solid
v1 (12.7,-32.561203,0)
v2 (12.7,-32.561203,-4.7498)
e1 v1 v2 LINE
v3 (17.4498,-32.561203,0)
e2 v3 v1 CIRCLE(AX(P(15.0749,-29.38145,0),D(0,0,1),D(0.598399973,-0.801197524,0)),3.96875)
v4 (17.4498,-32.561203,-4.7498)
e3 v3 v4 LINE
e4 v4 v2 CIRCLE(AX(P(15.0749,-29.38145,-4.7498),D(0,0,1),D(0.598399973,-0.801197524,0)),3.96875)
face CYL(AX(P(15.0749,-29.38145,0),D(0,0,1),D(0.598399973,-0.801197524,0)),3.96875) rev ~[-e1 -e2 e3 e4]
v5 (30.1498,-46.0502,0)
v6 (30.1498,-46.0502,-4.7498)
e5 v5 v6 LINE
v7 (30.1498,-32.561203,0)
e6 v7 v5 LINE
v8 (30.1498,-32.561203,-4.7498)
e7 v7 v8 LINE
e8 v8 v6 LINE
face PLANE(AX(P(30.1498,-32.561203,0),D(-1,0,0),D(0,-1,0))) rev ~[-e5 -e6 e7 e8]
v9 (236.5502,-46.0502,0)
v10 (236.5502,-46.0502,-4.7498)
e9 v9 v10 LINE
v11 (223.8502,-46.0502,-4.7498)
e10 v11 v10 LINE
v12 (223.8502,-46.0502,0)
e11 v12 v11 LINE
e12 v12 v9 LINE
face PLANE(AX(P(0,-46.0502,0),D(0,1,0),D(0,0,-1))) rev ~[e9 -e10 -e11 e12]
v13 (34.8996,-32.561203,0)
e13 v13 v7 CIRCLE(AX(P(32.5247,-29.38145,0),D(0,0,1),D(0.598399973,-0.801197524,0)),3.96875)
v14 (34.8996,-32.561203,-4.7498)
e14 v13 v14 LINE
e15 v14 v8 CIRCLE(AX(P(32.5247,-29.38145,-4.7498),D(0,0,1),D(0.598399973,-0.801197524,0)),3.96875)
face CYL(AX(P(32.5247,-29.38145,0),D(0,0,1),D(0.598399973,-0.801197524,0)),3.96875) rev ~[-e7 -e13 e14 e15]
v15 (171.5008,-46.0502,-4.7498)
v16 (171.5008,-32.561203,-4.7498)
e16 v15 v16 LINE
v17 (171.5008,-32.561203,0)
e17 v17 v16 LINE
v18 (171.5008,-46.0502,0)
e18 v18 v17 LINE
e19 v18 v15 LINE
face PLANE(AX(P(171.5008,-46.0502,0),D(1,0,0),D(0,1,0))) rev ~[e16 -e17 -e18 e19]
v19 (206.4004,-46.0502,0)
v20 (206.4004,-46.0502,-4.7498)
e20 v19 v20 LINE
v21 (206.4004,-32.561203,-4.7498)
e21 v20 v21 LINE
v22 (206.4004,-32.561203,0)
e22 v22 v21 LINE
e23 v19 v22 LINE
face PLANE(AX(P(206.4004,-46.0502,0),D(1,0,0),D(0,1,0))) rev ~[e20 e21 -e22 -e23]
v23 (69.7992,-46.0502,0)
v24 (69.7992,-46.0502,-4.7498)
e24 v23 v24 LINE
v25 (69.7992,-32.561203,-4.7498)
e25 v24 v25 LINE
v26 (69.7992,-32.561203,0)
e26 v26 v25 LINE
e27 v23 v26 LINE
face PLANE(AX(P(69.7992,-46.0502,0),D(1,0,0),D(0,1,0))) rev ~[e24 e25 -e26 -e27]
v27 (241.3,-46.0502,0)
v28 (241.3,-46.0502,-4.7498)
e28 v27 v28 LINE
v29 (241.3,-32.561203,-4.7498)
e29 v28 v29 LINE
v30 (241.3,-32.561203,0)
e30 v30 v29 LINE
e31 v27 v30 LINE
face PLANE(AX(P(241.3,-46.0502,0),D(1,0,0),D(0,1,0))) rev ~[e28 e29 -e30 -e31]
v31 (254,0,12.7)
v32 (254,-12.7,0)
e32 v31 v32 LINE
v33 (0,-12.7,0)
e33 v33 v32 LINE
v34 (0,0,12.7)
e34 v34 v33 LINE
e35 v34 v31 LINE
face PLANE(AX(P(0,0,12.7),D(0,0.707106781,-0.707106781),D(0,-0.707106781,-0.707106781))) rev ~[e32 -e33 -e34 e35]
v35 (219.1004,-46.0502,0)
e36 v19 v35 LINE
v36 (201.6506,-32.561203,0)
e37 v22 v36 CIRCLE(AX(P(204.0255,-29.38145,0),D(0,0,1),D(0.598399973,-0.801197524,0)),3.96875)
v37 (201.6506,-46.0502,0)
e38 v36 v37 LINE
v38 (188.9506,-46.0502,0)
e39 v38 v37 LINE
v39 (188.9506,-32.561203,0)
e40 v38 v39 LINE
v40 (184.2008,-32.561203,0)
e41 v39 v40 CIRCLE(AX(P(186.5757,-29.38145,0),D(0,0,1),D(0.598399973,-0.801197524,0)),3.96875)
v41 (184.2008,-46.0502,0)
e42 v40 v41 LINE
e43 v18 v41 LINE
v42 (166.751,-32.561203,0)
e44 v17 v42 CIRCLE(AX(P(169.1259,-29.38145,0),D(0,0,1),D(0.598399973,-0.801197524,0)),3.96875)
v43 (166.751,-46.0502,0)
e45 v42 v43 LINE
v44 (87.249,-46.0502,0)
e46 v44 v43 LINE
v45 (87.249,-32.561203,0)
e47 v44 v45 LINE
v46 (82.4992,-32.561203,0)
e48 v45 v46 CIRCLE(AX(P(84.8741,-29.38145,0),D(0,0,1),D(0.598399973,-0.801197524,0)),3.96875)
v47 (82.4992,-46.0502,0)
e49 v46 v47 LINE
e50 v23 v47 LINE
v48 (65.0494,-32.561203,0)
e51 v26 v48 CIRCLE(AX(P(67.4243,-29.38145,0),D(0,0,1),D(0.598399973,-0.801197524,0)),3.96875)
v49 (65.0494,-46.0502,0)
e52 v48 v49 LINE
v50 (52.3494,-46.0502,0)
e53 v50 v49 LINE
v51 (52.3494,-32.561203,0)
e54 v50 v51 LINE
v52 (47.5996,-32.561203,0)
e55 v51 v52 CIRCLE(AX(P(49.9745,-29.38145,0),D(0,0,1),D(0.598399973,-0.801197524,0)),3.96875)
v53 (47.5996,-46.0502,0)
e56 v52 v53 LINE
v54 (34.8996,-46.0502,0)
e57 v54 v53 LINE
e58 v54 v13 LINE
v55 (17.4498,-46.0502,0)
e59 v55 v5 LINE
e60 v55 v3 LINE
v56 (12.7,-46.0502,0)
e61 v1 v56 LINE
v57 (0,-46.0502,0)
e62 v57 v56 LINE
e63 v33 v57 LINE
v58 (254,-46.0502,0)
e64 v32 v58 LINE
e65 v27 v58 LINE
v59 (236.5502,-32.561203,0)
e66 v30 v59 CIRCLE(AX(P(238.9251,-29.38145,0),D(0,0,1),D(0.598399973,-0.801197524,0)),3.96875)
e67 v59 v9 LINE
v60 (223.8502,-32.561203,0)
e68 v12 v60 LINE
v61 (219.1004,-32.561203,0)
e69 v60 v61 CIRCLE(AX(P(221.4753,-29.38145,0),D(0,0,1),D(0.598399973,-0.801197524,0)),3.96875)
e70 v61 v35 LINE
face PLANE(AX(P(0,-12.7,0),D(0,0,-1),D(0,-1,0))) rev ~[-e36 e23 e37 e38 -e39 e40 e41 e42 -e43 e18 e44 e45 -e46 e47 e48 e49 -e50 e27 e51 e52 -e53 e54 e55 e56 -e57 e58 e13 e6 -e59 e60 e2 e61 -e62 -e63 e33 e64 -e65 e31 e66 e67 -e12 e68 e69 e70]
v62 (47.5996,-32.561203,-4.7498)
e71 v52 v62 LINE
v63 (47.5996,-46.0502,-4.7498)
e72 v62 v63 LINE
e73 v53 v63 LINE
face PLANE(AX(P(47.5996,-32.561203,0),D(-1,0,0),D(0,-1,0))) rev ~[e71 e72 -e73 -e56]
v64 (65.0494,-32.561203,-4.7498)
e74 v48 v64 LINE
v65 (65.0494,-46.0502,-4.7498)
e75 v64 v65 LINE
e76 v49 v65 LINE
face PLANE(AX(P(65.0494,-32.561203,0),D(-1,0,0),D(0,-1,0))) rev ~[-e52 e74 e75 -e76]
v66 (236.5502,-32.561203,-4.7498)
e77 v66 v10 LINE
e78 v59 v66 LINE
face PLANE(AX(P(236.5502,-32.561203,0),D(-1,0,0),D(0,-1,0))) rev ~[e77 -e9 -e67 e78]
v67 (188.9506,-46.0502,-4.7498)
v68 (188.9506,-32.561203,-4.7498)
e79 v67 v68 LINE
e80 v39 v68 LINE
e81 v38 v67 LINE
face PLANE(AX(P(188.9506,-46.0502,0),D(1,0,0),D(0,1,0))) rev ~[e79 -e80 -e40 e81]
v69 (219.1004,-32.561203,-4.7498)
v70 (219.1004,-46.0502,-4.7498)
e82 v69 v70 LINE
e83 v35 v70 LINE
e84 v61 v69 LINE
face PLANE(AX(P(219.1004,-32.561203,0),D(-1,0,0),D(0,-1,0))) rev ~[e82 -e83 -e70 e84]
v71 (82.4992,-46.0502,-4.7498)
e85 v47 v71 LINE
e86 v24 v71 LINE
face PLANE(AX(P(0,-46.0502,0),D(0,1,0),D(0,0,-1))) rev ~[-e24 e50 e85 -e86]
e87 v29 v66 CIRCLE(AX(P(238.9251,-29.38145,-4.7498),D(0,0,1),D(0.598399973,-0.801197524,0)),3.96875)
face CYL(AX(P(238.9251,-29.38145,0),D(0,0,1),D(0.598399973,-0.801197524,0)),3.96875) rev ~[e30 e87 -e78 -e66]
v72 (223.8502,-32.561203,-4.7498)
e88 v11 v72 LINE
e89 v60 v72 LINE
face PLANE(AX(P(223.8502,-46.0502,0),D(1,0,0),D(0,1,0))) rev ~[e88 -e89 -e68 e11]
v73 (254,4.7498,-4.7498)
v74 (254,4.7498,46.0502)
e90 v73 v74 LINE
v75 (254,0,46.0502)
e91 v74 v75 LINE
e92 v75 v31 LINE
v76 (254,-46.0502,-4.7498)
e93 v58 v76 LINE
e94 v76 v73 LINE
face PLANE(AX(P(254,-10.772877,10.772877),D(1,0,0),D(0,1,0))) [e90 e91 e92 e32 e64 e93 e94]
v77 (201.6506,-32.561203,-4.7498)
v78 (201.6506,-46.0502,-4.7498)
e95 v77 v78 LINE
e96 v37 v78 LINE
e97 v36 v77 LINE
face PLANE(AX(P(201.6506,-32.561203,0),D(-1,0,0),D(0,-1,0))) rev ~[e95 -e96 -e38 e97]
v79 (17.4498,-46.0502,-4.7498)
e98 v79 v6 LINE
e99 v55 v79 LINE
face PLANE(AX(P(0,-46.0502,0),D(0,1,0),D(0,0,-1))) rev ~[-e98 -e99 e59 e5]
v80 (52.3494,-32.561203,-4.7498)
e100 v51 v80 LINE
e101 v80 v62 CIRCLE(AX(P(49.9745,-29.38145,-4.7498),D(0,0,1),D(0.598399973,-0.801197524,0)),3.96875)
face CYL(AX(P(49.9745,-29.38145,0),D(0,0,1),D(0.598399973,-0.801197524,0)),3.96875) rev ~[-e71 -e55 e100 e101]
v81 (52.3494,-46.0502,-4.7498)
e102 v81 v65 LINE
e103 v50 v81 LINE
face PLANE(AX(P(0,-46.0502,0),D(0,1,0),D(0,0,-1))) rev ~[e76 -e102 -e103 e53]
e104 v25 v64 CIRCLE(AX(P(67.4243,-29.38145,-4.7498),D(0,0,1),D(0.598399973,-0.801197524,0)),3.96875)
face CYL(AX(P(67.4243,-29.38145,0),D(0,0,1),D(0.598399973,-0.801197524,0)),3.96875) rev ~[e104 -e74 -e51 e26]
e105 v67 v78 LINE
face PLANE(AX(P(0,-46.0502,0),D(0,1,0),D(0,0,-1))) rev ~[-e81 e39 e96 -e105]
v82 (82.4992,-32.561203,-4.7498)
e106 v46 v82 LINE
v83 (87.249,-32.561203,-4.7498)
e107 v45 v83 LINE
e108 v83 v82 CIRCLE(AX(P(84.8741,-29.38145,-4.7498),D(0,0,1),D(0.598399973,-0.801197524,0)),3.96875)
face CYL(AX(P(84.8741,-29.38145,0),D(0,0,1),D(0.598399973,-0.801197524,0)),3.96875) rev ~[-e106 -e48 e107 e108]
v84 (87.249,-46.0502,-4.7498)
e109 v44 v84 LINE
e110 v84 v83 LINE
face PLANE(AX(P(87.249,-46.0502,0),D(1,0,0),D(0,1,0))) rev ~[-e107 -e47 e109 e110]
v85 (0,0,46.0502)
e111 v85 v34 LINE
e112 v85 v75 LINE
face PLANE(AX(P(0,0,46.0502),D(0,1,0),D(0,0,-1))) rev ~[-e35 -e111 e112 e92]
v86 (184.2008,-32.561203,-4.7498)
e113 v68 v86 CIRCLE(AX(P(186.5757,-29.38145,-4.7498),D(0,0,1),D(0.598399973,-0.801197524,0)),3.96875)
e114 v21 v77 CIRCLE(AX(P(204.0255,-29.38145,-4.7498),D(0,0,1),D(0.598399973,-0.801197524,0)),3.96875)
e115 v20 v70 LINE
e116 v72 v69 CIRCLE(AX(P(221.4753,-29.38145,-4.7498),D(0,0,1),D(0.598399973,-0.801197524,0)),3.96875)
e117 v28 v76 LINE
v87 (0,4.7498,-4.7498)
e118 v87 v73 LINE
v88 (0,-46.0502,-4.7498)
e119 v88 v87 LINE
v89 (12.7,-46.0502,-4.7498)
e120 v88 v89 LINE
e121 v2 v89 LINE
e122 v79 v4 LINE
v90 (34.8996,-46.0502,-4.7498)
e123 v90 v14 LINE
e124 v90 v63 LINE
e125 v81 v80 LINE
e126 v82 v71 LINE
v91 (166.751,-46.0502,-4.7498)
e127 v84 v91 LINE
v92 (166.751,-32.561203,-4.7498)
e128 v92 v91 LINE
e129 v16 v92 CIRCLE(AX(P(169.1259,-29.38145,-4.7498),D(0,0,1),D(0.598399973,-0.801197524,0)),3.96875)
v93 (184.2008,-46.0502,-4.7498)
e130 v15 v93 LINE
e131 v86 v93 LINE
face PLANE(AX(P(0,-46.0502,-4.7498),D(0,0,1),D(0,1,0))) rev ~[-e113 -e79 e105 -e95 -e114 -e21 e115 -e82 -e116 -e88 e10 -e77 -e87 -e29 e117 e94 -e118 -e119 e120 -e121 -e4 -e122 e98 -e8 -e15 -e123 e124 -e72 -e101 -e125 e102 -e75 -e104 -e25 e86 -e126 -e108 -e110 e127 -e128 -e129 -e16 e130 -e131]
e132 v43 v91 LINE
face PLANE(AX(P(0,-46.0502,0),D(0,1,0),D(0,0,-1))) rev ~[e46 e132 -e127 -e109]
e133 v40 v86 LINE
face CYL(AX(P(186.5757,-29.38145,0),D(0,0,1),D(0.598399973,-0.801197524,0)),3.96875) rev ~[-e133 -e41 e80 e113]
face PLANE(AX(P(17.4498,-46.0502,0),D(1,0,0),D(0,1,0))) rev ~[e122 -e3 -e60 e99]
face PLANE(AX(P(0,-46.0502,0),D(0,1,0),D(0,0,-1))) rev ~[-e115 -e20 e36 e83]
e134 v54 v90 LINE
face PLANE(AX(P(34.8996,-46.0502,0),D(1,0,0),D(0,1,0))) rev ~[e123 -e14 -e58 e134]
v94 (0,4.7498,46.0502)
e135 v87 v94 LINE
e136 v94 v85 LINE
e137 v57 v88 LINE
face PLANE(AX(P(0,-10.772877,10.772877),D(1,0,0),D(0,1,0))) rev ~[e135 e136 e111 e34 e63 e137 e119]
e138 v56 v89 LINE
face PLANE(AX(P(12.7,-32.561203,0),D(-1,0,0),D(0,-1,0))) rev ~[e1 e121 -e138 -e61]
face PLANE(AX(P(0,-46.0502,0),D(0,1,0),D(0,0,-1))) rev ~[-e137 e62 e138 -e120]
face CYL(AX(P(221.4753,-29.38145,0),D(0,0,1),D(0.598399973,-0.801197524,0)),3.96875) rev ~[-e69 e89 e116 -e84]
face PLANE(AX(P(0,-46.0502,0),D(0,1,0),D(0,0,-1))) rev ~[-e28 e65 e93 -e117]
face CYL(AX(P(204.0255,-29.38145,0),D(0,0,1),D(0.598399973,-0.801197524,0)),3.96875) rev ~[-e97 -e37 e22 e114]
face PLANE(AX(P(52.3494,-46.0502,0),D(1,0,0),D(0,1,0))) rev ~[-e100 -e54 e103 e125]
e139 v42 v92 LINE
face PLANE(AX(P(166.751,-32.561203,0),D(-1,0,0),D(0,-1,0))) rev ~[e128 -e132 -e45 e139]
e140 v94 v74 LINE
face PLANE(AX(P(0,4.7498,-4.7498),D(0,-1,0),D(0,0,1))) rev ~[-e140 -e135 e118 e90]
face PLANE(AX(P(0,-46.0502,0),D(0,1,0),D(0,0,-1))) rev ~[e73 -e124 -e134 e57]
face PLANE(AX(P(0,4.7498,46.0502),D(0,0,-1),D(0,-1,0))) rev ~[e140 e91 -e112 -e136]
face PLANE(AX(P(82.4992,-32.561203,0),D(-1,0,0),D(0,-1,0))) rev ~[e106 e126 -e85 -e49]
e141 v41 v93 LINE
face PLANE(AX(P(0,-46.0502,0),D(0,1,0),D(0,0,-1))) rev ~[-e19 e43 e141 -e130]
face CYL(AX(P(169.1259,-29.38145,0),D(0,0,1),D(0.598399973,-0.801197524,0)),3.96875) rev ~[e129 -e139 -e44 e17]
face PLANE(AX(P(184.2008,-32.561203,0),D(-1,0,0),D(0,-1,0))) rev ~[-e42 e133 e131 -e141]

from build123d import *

# Parameters (mm, degrees)
F1_DEPTH = 254
F3_DEPTH = 25.4


with BuildPart() as f1:
    # F0 (on Right) → F1 (new body)
    with BuildSketch(Plane.YZ):
        Polygon((4.7498, 46.0502), (0, 46.0502), (0, 12.7), (-12.7, 0), (-46.0502, 0), (-46.0502, -4.7498), (4.7498, -4.7498), align=None)
    extrude(amount=F1_DEPTH)

    # F2 (on face) → F3 (cut)
    with BuildSketch(Plane.XY):
        with BuildLine():
            Line((12.7, -33.3502), (12.7, -46.0502))
            Line((12.7, -46.0502), (17.4498, -46.0502))
            Line((17.4498, -46.0502), (17.4498, -33.3502))
            Line((17.4498, -33.3502), (17.4498, -32.561203))
            ThreePointArc((17.4498, -32.561203), (15.0749, -25.4127), (12.7, -32.561203))
            Line((12.7, -32.561203), (12.7, -33.3502))
        make_face()
        with BuildLine():
            Line((30.1498, -33.3502), (30.1498, -46.0502))
            Line((30.1498, -46.0502), (34.8996, -46.0502))
            Line((34.8996, -46.0502), (34.8996, -33.3502))
            Line((34.8996, -33.3502), (34.8996, -32.561203))
            ThreePointArc((34.8996, -32.561203), (32.5247, -25.4127), (30.1498, -32.561203))
            Line((30.1498, -32.561203), (30.1498, -33.3502))
        make_face()
        with BuildLine():
            Line((47.5996, -33.3502), (47.5996, -46.0502))
            Line((47.5996, -46.0502), (52.3494, -46.0502))
            Line((52.3494, -46.0502), (52.3494, -33.3502))
            Line((52.3494, -33.3502), (52.3494, -32.561203))
            ThreePointArc((52.3494, -32.561203), (49.9745, -25.4127), (47.5996, -32.561203))
            Line((47.5996, -32.561203), (47.5996, -33.3502))
        make_face()
        with BuildLine():
            Line((65.0494, -33.3502), (65.0494, -46.0502))
            Line((65.0494, -46.0502), (69.7992, -46.0502))
            Line((69.7992, -46.0502), (69.7992, -33.3502))
            Line((69.7992, -33.3502), (69.7992, -32.561203))
            ThreePointArc((69.7992, -32.561203), (67.4243, -25.4127), (65.0494, -32.561203))
            Line((65.0494, -32.561203), (65.0494, -33.3502))
        make_face()
        with BuildLine():
            Line((82.4992, -33.3502), (82.4992, -46.0502))
            Line((82.4992, -46.0502), (87.249, -46.0502))
            Line((87.249, -46.0502), (87.249, -33.3502))
            Line((87.249, -33.3502), (87.249, -32.561203))
            ThreePointArc((87.249, -32.561203), (84.8741, -25.4127), (82.4992, -32.561203))
            Line((82.4992, -32.561203), (82.4992, -33.3502))
        make_face()
        with BuildLine():
            Line((166.751, -33.3502), (166.751, -46.0502))
            Line((166.751, -46.0502), (171.5008, -46.0502))
            Line((171.5008, -46.0502), (171.5008, -33.3502))
            Line((171.5008, -33.3502), (171.5008, -32.561203))
            ThreePointArc((171.5008, -32.561203), (169.1259, -25.4127), (166.751, -32.561203))
            Line((166.751, -32.561203), (166.751, -33.3502))
        make_face()
        with BuildLine():
            Line((184.2008, -33.3502), (184.2008, -46.0502))
            Line((184.2008, -46.0502), (188.9506, -46.0502))
            Line((188.9506, -46.0502), (188.9506, -33.3502))
            Line((188.9506, -33.3502), (188.9506, -32.561203))
            ThreePointArc((188.9506, -32.561203), (186.5757, -25.4127), (184.2008, -32.561203))
            Line((184.2008, -32.561203), (184.2008, -33.3502))
        make_face()
        with BuildLine():
            Line((201.6506, -33.3502), (201.6506, -46.0502))
            Line((201.6506, -46.0502), (206.4004, -46.0502))
            Line((206.4004, -46.0502), (206.4004, -33.3502))
            Line((206.4004, -33.3502), (206.4004, -32.561203))
            ThreePointArc((206.4004, -32.561203), (204.0255, -25.4127), (201.6506, -32.561203))
            Line((201.6506, -32.561203), (201.6506, -33.3502))
        make_face()
        with BuildLine():
            Line((219.1004, -33.3502), (219.1004, -46.0502))
            Line((219.1004, -46.0502), (223.8502, -46.0502))
            Line((223.8502, -46.0502), (223.8502, -33.3502))
            Line((223.8502, -33.3502), (223.8502, -32.561203))
            ThreePointArc((223.8502, -32.561203), (221.4753, -25.4127), (219.1004, -32.561203))
            Line((219.1004, -32.561203), (219.1004, -33.3502))
        make_face()
        with BuildLine():
            Line((236.5502, -33.3502), (236.5502, -46.0502))
            Line((236.5502, -46.0502), (241.3, -46.0502))
            Line((241.3, -46.0502), (241.3, -33.3502))
            Line((241.3, -33.3502), (241.3, -32.561203))
            ThreePointArc((241.3, -32.561203), (238.9251, -25.4127), (236.5502, -32.561203))
            Line((236.5502, -32.561203), (236.5502, -33.3502))
        make_face()
    extrude(amount=-F3_DEPTH, mode=Mode.SUBTRACT)


solid = f1.part
